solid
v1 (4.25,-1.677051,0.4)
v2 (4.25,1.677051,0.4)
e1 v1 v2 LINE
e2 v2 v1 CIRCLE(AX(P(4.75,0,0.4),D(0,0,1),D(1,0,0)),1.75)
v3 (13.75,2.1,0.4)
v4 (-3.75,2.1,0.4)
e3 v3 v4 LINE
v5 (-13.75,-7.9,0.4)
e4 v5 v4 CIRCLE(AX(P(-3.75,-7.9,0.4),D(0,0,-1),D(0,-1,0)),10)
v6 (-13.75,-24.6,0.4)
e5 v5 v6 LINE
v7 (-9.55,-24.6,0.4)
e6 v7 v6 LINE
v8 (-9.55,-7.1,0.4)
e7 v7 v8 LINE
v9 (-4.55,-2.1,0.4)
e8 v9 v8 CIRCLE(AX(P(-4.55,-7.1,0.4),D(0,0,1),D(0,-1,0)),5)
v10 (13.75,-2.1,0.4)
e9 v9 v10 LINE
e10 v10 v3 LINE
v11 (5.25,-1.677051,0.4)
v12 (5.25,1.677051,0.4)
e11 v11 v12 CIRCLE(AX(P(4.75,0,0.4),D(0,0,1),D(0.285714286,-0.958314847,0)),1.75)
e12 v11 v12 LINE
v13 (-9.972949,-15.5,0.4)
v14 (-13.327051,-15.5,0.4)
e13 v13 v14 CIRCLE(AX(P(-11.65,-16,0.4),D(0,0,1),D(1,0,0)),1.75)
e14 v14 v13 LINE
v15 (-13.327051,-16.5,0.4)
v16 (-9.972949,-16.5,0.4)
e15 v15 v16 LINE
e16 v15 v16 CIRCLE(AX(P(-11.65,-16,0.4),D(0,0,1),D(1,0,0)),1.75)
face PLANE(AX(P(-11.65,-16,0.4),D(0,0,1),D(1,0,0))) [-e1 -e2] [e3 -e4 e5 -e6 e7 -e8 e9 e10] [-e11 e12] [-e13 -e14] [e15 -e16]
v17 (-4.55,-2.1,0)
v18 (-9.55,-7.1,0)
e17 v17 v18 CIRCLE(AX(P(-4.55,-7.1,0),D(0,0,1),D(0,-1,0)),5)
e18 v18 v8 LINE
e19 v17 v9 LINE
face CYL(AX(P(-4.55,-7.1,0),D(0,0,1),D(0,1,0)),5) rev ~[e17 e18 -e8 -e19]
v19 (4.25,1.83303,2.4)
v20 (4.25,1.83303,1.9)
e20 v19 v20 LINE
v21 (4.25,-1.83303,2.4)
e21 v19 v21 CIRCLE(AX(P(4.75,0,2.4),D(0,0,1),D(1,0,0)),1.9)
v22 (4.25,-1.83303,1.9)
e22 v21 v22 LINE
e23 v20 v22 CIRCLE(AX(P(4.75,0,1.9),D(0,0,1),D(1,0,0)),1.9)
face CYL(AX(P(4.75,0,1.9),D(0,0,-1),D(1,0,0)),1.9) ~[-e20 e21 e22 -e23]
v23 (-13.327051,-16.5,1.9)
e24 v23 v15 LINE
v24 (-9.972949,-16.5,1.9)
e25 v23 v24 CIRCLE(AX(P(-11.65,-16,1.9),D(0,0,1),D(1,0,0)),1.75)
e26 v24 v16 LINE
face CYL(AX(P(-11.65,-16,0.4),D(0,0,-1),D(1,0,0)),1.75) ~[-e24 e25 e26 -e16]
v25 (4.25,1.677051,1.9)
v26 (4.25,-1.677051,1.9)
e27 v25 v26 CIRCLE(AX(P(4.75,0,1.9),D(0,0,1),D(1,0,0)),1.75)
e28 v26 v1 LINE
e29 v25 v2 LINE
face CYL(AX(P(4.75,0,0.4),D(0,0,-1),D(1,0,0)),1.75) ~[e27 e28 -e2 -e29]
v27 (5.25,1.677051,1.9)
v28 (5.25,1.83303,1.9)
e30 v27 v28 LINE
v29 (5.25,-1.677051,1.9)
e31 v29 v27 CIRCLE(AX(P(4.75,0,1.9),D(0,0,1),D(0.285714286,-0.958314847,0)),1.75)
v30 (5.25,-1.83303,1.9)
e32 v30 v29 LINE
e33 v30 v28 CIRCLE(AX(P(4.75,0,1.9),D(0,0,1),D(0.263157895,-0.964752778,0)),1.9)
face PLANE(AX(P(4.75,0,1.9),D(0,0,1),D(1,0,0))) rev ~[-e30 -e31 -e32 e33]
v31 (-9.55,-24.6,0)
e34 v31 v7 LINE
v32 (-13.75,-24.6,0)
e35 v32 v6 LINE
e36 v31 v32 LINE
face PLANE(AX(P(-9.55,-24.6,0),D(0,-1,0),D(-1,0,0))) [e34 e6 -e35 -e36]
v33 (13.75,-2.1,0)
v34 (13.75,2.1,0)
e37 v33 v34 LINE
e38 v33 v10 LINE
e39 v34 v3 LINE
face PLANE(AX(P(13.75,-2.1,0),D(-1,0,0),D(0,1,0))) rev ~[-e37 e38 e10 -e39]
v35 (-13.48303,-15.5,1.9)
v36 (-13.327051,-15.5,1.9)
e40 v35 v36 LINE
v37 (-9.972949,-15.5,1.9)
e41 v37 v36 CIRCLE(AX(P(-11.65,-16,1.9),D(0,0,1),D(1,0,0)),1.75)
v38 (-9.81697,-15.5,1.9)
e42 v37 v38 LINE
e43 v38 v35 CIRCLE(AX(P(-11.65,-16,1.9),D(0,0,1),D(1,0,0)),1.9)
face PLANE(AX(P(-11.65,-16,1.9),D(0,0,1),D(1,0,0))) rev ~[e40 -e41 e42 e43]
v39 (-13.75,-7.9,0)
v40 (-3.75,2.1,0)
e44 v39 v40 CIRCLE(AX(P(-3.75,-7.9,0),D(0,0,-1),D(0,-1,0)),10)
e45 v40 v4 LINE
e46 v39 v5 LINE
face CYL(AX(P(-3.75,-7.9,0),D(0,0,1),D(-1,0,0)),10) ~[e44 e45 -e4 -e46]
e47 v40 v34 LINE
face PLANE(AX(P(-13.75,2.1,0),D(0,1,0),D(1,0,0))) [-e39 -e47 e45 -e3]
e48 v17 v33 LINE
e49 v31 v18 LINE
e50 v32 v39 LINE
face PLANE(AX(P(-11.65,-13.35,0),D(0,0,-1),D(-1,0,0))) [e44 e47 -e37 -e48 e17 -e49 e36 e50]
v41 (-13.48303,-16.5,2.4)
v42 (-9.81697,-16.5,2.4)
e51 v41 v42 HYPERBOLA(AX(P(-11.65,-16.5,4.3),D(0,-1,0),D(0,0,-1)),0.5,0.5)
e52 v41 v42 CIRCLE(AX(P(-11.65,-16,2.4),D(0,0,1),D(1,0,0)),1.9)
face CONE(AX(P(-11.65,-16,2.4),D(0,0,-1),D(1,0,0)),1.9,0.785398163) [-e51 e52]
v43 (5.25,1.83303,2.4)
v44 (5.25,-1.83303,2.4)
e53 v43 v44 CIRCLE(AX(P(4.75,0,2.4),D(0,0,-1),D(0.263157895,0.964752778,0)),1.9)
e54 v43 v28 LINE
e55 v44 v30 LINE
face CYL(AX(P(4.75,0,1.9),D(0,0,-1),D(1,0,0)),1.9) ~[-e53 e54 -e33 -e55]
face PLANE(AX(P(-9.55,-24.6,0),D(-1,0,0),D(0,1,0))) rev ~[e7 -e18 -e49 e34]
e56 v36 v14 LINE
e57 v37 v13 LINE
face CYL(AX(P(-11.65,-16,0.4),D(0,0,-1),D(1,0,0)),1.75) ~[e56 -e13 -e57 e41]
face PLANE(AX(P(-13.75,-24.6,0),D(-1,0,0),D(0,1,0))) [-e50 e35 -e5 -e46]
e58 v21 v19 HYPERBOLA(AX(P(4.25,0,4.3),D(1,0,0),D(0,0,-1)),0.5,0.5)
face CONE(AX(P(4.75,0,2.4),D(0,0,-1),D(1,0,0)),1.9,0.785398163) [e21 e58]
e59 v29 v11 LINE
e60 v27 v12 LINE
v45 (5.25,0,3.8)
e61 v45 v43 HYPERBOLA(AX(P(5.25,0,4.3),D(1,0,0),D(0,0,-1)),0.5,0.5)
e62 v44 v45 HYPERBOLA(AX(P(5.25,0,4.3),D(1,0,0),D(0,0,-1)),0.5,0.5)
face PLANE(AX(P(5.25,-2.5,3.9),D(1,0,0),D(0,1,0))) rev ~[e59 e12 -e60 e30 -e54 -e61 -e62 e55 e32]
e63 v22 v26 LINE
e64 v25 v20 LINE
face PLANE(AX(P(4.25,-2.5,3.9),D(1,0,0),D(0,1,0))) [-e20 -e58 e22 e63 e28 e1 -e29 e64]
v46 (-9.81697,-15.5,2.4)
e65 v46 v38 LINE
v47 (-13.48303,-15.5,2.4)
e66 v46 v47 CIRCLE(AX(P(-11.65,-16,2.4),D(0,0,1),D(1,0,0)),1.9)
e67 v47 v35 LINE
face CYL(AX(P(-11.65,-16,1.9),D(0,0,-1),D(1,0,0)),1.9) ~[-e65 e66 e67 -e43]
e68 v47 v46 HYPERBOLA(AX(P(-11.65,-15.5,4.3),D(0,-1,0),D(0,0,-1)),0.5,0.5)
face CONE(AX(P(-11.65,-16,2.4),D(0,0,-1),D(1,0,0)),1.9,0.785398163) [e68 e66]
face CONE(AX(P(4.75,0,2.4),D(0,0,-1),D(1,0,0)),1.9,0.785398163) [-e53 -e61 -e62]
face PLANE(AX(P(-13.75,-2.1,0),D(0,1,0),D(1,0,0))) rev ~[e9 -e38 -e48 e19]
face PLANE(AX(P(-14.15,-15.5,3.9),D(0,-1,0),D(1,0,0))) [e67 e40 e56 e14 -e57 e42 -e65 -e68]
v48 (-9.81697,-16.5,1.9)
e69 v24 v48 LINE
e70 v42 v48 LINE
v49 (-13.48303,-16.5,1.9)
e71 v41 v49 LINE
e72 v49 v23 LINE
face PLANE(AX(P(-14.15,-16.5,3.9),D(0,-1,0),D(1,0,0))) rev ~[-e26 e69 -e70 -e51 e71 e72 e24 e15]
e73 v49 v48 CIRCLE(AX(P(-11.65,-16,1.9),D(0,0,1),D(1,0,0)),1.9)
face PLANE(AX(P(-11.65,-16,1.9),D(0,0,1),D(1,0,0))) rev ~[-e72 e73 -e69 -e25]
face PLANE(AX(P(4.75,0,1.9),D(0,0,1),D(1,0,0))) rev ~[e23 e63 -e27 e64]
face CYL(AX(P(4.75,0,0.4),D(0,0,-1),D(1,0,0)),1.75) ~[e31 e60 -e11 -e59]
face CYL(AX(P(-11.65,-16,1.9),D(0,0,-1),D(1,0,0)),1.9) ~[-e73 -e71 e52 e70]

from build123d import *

# Parameters (mm, degrees)
SKICA2_W                 = 27.5
SKICA2_H                 = 4.2
P_IDAT_VYSUNUT_M2_DEPTH  = 0.4
SKICA3_R                 = 1.75
P_IDAT_VYSUNUT_M3_DEPTH  = 1.5
SKICA5_R                 = 1.9
P_IDAT_VYSUNUT_M5_DEPTH  = 2
ZKOSEN_2_SIZE            = 1.5
SKICA7_W                 = 1
SKICA7_H                 = 5
ODEBRAT_VYSUNUT_M1_DEPTH = 3.5
SKICA8_W                 = 4.2
SKICA8_H                 = 22.5
P_IDAT_VYSUNUT_M6_DEPTH  = 0.4
SKICA9_R                 = 1.75
P_IDAT_VYSUNUT_M7_DEPTH  = 1.5
SKICA10_R                = 1.9
P_IDAT_VYSUNUT_M8_DEPTH  = 2
ZKOSEN_3_SIZE            = 1.5
SKICA12_W                = 5
SKICA12_H                = 1
ODEBRAT_VYSUNUT_M2_DEPTH = 3.5
ZAOBLIT1_R               = 5
ZAOBLIT2_R               = 10


with BuildPart() as part:
    # Skica2 → Přidat vysunutím2 (new body)
    with BuildSketch(Plane.XY):
        Rectangle(SKICA2_W, SKICA2_H)
    extrude(amount=P_IDAT_VYSUNUT_M2_DEPTH)

    # Skica3 → Přidat vysunutím3 (add)
    with BuildSketch(Plane.XY.offset(0.4)):
        with Locations((4.75, 0)):
            Circle(SKICA3_R)
    extrude(amount=P_IDAT_VYSUNUT_M3_DEPTH)

    # Skica5 → Přidat vysunutím5 (add)
    with BuildSketch(Plane.XY.offset(1.9)):
        with Locations((4.75, 0)):
            Circle(SKICA5_R)
    extrude(amount=P_IDAT_VYSUNUT_M5_DEPTH)

    # Zkosení2
    zkosen_2_edges = [part.edges().sort_by_distance(p)[0] for p in [
        (2.85, 0, 3.9),
    ]]
    chamfer(zkosen_2_edges, length=ZKOSEN_2_SIZE)

    # Skica7 → Odebrat vysunutím1 (cut)
    with BuildSketch(Plane.XY.offset(3.9)):
        with Locations((4.75, 0)):
            Rectangle(SKICA7_W, SKICA7_H)
    extrude(amount=-ODEBRAT_VYSUNUT_M1_DEPTH, mode=Mode.SUBTRACT)

    # Skica8 → Přidat vysunutím6 (add)
    with BuildSketch(Plane(origin=(0, 0, 0), x_dir=(-1, 0, 0), z_dir=(0, 0, -1))):
        with Locations((11.65, -13.35)):
            Rectangle(SKICA8_W, SKICA8_H)
    extrude(amount=-P_IDAT_VYSUNUT_M6_DEPTH)

    # Skica9 → Přidat vysunutím7 (add)
    with BuildSketch(Plane.XY.offset(0.4)):
        with Locations((-11.65, -16)):
            Circle(SKICA9_R)
    extrude(amount=P_IDAT_VYSUNUT_M7_DEPTH)

    # Skica10 → Přidat vysunutím8 (add)
    with BuildSketch(Plane.XY.offset(1.9)):
        with Locations((-11.65, -16)):
            Circle(SKICA10_R)
    extrude(amount=P_IDAT_VYSUNUT_M8_DEPTH)

    # Zkosení3
    zkosen_3_edges = [part.edges().sort_by_distance(p)[0] for p in [
        (-13.55, -16, 3.9),
    ]]
    chamfer(zkosen_3_edges, length=ZKOSEN_3_SIZE)

    # Skica12 → Odebrat vysunutím2 (cut)
    with BuildSketch(Plane.XY.offset(3.9)):
        with Locations((-11.65, -16)):
            Rectangle(SKICA12_W, SKICA12_H)
    extrude(amount=-ODEBRAT_VYSUNUT_M2_DEPTH, mode=Mode.SUBTRACT)

    # Zaoblit1
    zaoblit1_edges = [part.edges().sort_by_distance(p)[0] for p in [
        (-9.55, -2.1, 0.2),
    ]]
    fillet(zaoblit1_edges, radius=ZAOBLIT1_R)

    # Zaoblit2
    zaoblit2_edges = [part.edges().sort_by_distance(p)[0] for p in [
        (-13.75, 2.1, 0.2),
    ]]
    fillet(zaoblit2_edges, radius=ZAOBLIT2_R)


solid = part.part
